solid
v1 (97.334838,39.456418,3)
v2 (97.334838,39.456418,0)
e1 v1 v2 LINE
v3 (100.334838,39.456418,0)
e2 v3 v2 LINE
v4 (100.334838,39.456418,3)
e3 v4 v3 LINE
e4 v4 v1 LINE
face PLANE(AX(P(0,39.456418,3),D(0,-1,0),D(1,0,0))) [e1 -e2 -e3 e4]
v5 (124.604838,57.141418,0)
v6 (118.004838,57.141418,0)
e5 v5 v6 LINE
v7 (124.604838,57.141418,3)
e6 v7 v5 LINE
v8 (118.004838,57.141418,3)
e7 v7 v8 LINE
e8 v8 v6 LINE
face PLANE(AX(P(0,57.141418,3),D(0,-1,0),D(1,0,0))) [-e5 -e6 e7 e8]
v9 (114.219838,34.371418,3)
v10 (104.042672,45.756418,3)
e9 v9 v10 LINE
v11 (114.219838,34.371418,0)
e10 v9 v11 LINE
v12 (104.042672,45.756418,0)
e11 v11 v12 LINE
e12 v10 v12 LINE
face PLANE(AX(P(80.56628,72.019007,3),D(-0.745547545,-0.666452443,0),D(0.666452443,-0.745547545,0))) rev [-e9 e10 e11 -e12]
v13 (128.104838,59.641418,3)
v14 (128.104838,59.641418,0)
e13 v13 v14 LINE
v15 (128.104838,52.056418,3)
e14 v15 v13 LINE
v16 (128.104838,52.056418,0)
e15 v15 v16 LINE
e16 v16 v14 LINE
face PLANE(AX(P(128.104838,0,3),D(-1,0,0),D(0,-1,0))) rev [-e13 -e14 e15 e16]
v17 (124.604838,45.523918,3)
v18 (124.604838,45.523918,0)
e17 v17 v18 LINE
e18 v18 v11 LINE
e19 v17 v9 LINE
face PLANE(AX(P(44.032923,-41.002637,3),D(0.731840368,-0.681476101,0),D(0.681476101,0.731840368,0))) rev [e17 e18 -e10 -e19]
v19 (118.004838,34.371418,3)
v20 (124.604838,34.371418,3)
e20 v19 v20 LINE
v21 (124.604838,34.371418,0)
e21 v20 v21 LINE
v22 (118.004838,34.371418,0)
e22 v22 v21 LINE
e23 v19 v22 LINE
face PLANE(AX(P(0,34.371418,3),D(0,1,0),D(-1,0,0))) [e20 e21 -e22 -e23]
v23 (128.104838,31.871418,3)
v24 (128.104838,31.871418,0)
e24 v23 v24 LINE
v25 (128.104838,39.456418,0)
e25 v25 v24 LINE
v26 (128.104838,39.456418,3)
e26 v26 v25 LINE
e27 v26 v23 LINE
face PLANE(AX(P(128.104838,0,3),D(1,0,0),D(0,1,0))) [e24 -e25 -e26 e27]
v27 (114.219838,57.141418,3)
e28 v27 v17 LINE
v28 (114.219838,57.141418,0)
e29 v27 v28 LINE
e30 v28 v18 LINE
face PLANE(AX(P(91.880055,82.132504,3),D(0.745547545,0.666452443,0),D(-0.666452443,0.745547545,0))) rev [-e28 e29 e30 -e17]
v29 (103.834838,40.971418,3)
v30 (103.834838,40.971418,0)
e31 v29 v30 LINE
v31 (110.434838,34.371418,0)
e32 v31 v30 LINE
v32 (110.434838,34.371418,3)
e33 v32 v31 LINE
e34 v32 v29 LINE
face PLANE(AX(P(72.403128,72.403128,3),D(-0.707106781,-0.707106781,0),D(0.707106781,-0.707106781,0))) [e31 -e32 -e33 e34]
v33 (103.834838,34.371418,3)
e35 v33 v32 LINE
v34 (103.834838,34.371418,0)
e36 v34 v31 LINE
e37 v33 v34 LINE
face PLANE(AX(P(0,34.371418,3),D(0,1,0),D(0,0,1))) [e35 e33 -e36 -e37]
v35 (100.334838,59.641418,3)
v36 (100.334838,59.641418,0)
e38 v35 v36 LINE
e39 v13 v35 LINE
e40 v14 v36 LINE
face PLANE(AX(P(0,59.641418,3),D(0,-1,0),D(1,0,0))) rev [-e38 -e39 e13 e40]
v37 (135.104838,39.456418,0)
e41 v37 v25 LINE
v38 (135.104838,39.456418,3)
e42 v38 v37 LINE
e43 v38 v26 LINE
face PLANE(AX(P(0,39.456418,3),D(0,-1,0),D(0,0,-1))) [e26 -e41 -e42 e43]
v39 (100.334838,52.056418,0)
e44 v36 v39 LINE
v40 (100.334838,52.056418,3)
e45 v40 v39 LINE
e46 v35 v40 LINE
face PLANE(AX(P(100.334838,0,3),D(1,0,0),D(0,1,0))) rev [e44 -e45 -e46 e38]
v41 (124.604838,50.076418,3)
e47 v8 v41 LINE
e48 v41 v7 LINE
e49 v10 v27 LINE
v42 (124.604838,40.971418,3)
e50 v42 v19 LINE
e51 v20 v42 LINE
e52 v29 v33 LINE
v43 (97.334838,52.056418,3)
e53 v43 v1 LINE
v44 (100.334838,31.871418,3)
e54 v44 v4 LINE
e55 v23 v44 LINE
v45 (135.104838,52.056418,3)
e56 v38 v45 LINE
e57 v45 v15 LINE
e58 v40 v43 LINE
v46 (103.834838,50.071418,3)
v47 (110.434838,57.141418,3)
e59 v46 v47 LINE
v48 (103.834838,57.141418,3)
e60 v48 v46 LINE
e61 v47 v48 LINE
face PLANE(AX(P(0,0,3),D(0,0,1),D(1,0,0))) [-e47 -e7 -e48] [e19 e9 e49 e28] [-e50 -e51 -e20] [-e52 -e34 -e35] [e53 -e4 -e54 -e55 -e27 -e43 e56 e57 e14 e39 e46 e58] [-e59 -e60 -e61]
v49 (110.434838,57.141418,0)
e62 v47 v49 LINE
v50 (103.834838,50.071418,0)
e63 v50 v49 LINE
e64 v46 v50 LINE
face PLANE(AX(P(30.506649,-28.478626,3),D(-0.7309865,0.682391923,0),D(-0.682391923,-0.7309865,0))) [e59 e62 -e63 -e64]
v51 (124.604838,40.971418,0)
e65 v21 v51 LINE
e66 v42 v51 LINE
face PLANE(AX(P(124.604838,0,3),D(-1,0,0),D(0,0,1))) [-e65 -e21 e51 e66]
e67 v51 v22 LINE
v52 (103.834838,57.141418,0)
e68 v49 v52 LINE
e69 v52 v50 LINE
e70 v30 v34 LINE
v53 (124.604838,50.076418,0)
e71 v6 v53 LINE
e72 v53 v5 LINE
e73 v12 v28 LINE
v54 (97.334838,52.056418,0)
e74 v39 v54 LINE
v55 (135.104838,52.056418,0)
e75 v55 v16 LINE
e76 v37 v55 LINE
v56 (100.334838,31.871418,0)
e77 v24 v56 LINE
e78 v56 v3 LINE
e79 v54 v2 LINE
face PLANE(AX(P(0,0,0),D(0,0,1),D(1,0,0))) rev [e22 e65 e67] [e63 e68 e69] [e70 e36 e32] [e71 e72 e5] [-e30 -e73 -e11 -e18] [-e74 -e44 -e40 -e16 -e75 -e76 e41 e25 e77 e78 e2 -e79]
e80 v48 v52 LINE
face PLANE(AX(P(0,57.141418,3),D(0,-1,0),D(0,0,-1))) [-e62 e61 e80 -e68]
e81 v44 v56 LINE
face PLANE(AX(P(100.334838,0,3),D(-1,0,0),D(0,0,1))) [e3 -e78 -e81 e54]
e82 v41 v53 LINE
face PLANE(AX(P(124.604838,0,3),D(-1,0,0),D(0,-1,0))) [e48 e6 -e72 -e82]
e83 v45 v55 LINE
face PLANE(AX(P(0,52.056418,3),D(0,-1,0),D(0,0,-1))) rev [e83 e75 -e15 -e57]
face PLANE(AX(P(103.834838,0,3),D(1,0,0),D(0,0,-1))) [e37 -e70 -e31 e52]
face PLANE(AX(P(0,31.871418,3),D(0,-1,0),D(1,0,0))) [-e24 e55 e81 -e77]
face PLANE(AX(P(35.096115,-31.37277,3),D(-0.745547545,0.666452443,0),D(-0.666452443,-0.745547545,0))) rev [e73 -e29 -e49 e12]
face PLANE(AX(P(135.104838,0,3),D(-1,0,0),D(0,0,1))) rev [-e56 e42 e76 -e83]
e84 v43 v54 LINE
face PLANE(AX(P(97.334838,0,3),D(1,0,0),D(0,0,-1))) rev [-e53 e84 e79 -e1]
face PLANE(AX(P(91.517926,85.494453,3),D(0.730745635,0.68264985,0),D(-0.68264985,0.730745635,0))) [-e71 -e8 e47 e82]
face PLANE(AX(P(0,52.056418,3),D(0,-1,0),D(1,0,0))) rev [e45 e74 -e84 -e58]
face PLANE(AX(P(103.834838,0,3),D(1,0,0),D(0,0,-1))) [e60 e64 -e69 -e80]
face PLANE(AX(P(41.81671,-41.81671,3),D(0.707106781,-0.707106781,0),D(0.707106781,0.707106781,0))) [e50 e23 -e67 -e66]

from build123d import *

# Parameters (mm, degrees)
SALIENTE_EXTRUIR1_DEPTH = 3


with BuildPart() as part:
    # Croquis1 → Saliente-Extruir1 (new body)
    with BuildSketch(Plane.XY):
        Polygon((97.334837859, 52.056418279), (97.334837859, 39.456418279), (100.334837859, 39.456418279), (100.334837859, 31.871418279), (128.104837859, 31.871418279), (128.104837859, 39.456418279), (135.104837859, 39.456418279), (135.104837859, 52.056418279), (128.104837859, 52.056418279), (128.104837859, 59.641418279), (100.334837859, 59.641418279), (100.334837859, 52.056418279), align=None)
        Polygon((110.434837859, 57.141418279), (103.834837859, 57.141418279), (103.834837859, 50.071418279), align=None, mode=Mode.SUBTRACT)
        Polygon((103.834837859, 40.971418279), (103.834837859, 34.371418279), (110.434837859, 34.371418279), align=None, mode=Mode.SUBTRACT)
        Polygon((118.004837859, 34.371418279), (124.604837859, 34.371418279), (124.604837859, 40.971418279), align=None, mode=Mode.SUBTRACT)
        Polygon((124.604837859, 50.076418279), (124.604837859, 57.141418279), (118.004837859, 57.141418279), align=None, mode=Mode.SUBTRACT)
        Polygon((114.219837859, 57.141418279), (124.604837859, 45.523918279), (114.219837859, 34.371418279), (104.042671946, 45.756418279), align=None, mode=Mode.SUBTRACT)
    extrude(amount=SALIENTE_EXTRUIR1_DEPTH)


solid = part.part
